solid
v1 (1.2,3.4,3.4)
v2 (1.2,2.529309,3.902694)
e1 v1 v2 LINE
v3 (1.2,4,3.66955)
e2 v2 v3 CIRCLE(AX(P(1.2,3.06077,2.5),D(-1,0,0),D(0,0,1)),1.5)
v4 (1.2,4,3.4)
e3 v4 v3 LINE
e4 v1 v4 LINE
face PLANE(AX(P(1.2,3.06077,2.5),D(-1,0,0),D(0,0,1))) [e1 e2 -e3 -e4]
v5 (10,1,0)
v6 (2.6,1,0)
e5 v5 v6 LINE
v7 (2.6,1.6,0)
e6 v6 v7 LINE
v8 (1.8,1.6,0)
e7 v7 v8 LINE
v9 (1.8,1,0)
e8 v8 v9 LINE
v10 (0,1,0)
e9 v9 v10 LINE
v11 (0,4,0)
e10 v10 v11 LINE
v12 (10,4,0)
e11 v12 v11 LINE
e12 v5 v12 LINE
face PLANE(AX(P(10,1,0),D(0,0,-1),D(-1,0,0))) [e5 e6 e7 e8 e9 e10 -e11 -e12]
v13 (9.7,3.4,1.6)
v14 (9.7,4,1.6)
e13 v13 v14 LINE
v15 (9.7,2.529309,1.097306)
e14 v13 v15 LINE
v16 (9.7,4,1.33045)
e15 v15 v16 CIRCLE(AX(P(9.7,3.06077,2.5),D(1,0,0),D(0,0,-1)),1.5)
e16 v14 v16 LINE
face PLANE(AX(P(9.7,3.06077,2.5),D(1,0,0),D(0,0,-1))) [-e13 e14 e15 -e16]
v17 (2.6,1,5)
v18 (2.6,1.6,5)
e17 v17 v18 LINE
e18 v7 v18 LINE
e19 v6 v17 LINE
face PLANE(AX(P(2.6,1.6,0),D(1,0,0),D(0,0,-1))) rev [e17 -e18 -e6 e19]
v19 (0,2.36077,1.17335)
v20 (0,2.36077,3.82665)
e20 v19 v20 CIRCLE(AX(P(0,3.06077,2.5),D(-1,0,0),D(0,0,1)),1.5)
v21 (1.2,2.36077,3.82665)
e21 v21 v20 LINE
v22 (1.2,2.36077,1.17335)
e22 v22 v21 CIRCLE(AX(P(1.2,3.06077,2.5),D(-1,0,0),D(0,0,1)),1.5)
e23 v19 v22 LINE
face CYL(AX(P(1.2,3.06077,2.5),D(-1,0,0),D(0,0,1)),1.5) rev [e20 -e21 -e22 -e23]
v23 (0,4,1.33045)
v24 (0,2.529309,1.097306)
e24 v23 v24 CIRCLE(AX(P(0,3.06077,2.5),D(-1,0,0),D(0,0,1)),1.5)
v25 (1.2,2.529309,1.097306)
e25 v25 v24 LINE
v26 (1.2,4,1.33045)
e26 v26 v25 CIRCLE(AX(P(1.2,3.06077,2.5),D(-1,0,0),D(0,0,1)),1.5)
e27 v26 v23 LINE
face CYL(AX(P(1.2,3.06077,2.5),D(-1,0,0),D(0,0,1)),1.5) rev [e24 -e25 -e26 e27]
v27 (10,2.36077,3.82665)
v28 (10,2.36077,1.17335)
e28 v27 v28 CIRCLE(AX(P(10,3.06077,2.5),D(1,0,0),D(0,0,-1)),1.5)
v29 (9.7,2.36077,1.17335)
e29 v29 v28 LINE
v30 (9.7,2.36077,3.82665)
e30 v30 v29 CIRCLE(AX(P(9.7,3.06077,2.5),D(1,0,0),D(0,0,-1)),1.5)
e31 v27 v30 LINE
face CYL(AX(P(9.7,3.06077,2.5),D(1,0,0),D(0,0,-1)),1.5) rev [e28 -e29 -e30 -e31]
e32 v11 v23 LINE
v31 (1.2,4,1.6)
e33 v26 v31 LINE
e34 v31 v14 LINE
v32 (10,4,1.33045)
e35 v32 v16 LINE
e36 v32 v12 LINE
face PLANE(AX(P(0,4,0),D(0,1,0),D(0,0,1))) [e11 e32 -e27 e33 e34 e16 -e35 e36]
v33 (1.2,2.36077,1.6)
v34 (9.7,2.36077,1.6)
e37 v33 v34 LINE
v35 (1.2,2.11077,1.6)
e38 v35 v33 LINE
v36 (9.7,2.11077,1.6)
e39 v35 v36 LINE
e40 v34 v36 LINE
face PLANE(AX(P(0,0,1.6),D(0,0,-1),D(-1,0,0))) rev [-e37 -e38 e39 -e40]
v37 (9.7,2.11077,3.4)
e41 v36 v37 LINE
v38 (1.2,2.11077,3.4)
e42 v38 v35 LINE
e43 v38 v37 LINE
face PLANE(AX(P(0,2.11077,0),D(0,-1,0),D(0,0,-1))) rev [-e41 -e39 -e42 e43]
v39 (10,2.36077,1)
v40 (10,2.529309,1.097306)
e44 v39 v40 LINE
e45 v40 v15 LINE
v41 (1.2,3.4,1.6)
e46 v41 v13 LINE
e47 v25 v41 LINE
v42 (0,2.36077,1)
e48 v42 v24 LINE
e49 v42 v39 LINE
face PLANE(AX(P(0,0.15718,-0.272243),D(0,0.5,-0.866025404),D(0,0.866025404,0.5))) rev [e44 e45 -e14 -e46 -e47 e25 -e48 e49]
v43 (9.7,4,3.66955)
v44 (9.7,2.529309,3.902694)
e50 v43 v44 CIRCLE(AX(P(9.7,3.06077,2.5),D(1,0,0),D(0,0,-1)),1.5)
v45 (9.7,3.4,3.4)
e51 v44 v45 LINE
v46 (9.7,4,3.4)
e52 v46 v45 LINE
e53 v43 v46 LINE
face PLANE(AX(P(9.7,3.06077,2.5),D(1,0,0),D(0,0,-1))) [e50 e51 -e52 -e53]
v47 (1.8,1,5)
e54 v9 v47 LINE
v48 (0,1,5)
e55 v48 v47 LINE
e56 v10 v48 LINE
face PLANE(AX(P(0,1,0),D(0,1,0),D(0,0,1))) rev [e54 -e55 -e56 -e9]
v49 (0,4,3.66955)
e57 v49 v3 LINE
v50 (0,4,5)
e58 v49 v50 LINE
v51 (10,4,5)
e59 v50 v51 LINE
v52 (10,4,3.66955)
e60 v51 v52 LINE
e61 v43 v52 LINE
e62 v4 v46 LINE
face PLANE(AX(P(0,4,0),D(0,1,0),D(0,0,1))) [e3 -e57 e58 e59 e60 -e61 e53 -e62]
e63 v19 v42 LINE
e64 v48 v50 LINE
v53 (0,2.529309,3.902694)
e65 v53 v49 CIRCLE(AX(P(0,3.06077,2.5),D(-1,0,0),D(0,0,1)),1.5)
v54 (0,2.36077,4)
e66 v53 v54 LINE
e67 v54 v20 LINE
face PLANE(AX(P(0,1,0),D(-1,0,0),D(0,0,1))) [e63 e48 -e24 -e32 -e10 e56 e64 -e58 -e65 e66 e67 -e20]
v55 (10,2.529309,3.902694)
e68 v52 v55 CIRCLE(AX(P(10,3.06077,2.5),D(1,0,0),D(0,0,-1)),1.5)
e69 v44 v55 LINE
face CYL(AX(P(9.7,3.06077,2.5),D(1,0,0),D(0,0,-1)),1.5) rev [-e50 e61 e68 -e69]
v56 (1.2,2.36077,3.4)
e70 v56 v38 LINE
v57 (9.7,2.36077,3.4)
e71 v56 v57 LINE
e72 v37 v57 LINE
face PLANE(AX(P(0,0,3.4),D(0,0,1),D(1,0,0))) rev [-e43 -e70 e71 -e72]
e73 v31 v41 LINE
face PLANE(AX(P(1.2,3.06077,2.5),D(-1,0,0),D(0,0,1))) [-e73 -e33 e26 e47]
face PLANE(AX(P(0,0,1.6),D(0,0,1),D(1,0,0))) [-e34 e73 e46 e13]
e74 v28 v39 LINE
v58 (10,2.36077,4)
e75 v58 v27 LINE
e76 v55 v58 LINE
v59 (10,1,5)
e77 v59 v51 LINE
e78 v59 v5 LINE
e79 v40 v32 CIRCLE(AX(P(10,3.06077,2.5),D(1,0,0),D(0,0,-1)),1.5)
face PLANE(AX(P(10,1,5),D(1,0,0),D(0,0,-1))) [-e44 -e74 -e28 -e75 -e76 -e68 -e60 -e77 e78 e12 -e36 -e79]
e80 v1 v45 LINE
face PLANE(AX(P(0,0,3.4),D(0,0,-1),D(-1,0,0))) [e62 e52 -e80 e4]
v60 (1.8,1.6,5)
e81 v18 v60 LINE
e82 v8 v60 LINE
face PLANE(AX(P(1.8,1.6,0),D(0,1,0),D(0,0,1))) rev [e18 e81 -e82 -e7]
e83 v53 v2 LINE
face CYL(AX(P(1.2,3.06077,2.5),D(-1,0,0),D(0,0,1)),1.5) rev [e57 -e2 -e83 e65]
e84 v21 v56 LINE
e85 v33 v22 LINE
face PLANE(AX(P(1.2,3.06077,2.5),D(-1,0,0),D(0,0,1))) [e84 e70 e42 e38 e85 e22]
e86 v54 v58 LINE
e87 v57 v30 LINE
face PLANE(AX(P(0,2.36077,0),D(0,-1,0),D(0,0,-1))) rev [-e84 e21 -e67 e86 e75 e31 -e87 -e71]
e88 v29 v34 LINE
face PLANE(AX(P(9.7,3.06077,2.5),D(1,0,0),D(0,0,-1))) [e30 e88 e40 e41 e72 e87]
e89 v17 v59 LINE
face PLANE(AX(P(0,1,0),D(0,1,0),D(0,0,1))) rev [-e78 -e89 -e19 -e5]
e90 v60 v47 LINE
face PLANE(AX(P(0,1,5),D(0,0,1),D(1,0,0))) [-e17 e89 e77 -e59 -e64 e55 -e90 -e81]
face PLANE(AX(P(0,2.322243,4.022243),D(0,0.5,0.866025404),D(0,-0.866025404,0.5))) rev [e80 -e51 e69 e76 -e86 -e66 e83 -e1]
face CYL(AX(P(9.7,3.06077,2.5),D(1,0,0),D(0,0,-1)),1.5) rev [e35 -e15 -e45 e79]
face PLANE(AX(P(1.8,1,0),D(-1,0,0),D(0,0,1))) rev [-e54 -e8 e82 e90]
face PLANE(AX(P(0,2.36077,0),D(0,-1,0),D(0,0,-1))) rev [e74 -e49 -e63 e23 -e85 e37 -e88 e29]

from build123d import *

# Parameters (mm, degrees)
SKETCH1_W           = 10
SKETCH1_H           = 5
BOSS_EXTRUDE1_DEPTH = 3
CUT_EXTRUDE9_DEPTH  = 12.874342087
SKETCH20_R          = 1.5
CUT_EXTRUDE11_DEPTH = 1.2
CUT_EXTRUDE12_START = -0.3
SKETCH22_R          = 1.5
SKETCH22_R_2        = 0.55
CUT_EXTRUDE12_DEPTH = 0.3
SKETCH24_W          = 0.8
SKETCH24_H          = 0.6
CUT_EXTRUDE13_DEPTH = 12.874342087


with BuildPart() as part:
    # Sketch1 → Boss-Extrude1 (new body)
    with BuildSketch(Plane(origin=(0, 4, 0), x_dir=(-1, 0, 0), z_dir=(0, 1, 0))):
        with Locations((-5, 2.5)):
            Rectangle(SKETCH1_W, SKETCH1_H)
    extrude(amount=-BOSS_EXTRUDE1_DEPTH)

    # Sketch18 → Cut-Extrude9 (cut, through all)
    with BuildSketch(Plane(origin=(10, 0, 0), x_dir=(0, 0, -1), z_dir=(1, 0, 0))):
        Polygon((-3.4, 3.4), (-4, 2.360769515), (-3.4, 2.360769515), (-3.4, 2.110769515), (-1.6, 2.110769515), (-1.6, 2.360769515), (-1, 2.360769515), (-1.6, 3.4), (-1.6, 4), (-3.4, 4), align=None)
    extrude(amount=-CUT_EXTRUDE9_DEPTH, mode=Mode.SUBTRACT)

    # Sketch20 → Cut-Extrude11 (cut)
    with BuildSketch(Plane.ZY):
        with Locations((2.5, 3.060769515)):
            Circle(SKETCH20_R)
    extrude(amount=-CUT_EXTRUDE11_DEPTH, mode=Mode.SUBTRACT)

    # Sketch22 → Cut-Extrude12 (cut)
    with BuildSketch(Plane(origin=(10, 0, 0), x_dir=(0, 0, -1), z_dir=(1, 0, 0)).offset(CUT_EXTRUDE12_START)):
        with Locations((-2.5, 3.060769515)):
            Circle(SKETCH22_R)
        with Locations((-2.5, 3.060769515)):
            Circle(SKETCH22_R_2, mode=Mode.SUBTRACT)
    extrude(amount=CUT_EXTRUDE12_DEPTH, mode=Mode.SUBTRACT)

    # Sketch24 → Cut-Extrude13 (cut, through all)
    with BuildSketch(Plane.XY.offset(5)):
        with Locations((2.2, 1.3)):
            Rectangle(SKETCH24_W, SKETCH24_H)
    extrude(amount=-CUT_EXTRUDE13_DEPTH, mode=Mode.SUBTRACT)


solid = part.part
